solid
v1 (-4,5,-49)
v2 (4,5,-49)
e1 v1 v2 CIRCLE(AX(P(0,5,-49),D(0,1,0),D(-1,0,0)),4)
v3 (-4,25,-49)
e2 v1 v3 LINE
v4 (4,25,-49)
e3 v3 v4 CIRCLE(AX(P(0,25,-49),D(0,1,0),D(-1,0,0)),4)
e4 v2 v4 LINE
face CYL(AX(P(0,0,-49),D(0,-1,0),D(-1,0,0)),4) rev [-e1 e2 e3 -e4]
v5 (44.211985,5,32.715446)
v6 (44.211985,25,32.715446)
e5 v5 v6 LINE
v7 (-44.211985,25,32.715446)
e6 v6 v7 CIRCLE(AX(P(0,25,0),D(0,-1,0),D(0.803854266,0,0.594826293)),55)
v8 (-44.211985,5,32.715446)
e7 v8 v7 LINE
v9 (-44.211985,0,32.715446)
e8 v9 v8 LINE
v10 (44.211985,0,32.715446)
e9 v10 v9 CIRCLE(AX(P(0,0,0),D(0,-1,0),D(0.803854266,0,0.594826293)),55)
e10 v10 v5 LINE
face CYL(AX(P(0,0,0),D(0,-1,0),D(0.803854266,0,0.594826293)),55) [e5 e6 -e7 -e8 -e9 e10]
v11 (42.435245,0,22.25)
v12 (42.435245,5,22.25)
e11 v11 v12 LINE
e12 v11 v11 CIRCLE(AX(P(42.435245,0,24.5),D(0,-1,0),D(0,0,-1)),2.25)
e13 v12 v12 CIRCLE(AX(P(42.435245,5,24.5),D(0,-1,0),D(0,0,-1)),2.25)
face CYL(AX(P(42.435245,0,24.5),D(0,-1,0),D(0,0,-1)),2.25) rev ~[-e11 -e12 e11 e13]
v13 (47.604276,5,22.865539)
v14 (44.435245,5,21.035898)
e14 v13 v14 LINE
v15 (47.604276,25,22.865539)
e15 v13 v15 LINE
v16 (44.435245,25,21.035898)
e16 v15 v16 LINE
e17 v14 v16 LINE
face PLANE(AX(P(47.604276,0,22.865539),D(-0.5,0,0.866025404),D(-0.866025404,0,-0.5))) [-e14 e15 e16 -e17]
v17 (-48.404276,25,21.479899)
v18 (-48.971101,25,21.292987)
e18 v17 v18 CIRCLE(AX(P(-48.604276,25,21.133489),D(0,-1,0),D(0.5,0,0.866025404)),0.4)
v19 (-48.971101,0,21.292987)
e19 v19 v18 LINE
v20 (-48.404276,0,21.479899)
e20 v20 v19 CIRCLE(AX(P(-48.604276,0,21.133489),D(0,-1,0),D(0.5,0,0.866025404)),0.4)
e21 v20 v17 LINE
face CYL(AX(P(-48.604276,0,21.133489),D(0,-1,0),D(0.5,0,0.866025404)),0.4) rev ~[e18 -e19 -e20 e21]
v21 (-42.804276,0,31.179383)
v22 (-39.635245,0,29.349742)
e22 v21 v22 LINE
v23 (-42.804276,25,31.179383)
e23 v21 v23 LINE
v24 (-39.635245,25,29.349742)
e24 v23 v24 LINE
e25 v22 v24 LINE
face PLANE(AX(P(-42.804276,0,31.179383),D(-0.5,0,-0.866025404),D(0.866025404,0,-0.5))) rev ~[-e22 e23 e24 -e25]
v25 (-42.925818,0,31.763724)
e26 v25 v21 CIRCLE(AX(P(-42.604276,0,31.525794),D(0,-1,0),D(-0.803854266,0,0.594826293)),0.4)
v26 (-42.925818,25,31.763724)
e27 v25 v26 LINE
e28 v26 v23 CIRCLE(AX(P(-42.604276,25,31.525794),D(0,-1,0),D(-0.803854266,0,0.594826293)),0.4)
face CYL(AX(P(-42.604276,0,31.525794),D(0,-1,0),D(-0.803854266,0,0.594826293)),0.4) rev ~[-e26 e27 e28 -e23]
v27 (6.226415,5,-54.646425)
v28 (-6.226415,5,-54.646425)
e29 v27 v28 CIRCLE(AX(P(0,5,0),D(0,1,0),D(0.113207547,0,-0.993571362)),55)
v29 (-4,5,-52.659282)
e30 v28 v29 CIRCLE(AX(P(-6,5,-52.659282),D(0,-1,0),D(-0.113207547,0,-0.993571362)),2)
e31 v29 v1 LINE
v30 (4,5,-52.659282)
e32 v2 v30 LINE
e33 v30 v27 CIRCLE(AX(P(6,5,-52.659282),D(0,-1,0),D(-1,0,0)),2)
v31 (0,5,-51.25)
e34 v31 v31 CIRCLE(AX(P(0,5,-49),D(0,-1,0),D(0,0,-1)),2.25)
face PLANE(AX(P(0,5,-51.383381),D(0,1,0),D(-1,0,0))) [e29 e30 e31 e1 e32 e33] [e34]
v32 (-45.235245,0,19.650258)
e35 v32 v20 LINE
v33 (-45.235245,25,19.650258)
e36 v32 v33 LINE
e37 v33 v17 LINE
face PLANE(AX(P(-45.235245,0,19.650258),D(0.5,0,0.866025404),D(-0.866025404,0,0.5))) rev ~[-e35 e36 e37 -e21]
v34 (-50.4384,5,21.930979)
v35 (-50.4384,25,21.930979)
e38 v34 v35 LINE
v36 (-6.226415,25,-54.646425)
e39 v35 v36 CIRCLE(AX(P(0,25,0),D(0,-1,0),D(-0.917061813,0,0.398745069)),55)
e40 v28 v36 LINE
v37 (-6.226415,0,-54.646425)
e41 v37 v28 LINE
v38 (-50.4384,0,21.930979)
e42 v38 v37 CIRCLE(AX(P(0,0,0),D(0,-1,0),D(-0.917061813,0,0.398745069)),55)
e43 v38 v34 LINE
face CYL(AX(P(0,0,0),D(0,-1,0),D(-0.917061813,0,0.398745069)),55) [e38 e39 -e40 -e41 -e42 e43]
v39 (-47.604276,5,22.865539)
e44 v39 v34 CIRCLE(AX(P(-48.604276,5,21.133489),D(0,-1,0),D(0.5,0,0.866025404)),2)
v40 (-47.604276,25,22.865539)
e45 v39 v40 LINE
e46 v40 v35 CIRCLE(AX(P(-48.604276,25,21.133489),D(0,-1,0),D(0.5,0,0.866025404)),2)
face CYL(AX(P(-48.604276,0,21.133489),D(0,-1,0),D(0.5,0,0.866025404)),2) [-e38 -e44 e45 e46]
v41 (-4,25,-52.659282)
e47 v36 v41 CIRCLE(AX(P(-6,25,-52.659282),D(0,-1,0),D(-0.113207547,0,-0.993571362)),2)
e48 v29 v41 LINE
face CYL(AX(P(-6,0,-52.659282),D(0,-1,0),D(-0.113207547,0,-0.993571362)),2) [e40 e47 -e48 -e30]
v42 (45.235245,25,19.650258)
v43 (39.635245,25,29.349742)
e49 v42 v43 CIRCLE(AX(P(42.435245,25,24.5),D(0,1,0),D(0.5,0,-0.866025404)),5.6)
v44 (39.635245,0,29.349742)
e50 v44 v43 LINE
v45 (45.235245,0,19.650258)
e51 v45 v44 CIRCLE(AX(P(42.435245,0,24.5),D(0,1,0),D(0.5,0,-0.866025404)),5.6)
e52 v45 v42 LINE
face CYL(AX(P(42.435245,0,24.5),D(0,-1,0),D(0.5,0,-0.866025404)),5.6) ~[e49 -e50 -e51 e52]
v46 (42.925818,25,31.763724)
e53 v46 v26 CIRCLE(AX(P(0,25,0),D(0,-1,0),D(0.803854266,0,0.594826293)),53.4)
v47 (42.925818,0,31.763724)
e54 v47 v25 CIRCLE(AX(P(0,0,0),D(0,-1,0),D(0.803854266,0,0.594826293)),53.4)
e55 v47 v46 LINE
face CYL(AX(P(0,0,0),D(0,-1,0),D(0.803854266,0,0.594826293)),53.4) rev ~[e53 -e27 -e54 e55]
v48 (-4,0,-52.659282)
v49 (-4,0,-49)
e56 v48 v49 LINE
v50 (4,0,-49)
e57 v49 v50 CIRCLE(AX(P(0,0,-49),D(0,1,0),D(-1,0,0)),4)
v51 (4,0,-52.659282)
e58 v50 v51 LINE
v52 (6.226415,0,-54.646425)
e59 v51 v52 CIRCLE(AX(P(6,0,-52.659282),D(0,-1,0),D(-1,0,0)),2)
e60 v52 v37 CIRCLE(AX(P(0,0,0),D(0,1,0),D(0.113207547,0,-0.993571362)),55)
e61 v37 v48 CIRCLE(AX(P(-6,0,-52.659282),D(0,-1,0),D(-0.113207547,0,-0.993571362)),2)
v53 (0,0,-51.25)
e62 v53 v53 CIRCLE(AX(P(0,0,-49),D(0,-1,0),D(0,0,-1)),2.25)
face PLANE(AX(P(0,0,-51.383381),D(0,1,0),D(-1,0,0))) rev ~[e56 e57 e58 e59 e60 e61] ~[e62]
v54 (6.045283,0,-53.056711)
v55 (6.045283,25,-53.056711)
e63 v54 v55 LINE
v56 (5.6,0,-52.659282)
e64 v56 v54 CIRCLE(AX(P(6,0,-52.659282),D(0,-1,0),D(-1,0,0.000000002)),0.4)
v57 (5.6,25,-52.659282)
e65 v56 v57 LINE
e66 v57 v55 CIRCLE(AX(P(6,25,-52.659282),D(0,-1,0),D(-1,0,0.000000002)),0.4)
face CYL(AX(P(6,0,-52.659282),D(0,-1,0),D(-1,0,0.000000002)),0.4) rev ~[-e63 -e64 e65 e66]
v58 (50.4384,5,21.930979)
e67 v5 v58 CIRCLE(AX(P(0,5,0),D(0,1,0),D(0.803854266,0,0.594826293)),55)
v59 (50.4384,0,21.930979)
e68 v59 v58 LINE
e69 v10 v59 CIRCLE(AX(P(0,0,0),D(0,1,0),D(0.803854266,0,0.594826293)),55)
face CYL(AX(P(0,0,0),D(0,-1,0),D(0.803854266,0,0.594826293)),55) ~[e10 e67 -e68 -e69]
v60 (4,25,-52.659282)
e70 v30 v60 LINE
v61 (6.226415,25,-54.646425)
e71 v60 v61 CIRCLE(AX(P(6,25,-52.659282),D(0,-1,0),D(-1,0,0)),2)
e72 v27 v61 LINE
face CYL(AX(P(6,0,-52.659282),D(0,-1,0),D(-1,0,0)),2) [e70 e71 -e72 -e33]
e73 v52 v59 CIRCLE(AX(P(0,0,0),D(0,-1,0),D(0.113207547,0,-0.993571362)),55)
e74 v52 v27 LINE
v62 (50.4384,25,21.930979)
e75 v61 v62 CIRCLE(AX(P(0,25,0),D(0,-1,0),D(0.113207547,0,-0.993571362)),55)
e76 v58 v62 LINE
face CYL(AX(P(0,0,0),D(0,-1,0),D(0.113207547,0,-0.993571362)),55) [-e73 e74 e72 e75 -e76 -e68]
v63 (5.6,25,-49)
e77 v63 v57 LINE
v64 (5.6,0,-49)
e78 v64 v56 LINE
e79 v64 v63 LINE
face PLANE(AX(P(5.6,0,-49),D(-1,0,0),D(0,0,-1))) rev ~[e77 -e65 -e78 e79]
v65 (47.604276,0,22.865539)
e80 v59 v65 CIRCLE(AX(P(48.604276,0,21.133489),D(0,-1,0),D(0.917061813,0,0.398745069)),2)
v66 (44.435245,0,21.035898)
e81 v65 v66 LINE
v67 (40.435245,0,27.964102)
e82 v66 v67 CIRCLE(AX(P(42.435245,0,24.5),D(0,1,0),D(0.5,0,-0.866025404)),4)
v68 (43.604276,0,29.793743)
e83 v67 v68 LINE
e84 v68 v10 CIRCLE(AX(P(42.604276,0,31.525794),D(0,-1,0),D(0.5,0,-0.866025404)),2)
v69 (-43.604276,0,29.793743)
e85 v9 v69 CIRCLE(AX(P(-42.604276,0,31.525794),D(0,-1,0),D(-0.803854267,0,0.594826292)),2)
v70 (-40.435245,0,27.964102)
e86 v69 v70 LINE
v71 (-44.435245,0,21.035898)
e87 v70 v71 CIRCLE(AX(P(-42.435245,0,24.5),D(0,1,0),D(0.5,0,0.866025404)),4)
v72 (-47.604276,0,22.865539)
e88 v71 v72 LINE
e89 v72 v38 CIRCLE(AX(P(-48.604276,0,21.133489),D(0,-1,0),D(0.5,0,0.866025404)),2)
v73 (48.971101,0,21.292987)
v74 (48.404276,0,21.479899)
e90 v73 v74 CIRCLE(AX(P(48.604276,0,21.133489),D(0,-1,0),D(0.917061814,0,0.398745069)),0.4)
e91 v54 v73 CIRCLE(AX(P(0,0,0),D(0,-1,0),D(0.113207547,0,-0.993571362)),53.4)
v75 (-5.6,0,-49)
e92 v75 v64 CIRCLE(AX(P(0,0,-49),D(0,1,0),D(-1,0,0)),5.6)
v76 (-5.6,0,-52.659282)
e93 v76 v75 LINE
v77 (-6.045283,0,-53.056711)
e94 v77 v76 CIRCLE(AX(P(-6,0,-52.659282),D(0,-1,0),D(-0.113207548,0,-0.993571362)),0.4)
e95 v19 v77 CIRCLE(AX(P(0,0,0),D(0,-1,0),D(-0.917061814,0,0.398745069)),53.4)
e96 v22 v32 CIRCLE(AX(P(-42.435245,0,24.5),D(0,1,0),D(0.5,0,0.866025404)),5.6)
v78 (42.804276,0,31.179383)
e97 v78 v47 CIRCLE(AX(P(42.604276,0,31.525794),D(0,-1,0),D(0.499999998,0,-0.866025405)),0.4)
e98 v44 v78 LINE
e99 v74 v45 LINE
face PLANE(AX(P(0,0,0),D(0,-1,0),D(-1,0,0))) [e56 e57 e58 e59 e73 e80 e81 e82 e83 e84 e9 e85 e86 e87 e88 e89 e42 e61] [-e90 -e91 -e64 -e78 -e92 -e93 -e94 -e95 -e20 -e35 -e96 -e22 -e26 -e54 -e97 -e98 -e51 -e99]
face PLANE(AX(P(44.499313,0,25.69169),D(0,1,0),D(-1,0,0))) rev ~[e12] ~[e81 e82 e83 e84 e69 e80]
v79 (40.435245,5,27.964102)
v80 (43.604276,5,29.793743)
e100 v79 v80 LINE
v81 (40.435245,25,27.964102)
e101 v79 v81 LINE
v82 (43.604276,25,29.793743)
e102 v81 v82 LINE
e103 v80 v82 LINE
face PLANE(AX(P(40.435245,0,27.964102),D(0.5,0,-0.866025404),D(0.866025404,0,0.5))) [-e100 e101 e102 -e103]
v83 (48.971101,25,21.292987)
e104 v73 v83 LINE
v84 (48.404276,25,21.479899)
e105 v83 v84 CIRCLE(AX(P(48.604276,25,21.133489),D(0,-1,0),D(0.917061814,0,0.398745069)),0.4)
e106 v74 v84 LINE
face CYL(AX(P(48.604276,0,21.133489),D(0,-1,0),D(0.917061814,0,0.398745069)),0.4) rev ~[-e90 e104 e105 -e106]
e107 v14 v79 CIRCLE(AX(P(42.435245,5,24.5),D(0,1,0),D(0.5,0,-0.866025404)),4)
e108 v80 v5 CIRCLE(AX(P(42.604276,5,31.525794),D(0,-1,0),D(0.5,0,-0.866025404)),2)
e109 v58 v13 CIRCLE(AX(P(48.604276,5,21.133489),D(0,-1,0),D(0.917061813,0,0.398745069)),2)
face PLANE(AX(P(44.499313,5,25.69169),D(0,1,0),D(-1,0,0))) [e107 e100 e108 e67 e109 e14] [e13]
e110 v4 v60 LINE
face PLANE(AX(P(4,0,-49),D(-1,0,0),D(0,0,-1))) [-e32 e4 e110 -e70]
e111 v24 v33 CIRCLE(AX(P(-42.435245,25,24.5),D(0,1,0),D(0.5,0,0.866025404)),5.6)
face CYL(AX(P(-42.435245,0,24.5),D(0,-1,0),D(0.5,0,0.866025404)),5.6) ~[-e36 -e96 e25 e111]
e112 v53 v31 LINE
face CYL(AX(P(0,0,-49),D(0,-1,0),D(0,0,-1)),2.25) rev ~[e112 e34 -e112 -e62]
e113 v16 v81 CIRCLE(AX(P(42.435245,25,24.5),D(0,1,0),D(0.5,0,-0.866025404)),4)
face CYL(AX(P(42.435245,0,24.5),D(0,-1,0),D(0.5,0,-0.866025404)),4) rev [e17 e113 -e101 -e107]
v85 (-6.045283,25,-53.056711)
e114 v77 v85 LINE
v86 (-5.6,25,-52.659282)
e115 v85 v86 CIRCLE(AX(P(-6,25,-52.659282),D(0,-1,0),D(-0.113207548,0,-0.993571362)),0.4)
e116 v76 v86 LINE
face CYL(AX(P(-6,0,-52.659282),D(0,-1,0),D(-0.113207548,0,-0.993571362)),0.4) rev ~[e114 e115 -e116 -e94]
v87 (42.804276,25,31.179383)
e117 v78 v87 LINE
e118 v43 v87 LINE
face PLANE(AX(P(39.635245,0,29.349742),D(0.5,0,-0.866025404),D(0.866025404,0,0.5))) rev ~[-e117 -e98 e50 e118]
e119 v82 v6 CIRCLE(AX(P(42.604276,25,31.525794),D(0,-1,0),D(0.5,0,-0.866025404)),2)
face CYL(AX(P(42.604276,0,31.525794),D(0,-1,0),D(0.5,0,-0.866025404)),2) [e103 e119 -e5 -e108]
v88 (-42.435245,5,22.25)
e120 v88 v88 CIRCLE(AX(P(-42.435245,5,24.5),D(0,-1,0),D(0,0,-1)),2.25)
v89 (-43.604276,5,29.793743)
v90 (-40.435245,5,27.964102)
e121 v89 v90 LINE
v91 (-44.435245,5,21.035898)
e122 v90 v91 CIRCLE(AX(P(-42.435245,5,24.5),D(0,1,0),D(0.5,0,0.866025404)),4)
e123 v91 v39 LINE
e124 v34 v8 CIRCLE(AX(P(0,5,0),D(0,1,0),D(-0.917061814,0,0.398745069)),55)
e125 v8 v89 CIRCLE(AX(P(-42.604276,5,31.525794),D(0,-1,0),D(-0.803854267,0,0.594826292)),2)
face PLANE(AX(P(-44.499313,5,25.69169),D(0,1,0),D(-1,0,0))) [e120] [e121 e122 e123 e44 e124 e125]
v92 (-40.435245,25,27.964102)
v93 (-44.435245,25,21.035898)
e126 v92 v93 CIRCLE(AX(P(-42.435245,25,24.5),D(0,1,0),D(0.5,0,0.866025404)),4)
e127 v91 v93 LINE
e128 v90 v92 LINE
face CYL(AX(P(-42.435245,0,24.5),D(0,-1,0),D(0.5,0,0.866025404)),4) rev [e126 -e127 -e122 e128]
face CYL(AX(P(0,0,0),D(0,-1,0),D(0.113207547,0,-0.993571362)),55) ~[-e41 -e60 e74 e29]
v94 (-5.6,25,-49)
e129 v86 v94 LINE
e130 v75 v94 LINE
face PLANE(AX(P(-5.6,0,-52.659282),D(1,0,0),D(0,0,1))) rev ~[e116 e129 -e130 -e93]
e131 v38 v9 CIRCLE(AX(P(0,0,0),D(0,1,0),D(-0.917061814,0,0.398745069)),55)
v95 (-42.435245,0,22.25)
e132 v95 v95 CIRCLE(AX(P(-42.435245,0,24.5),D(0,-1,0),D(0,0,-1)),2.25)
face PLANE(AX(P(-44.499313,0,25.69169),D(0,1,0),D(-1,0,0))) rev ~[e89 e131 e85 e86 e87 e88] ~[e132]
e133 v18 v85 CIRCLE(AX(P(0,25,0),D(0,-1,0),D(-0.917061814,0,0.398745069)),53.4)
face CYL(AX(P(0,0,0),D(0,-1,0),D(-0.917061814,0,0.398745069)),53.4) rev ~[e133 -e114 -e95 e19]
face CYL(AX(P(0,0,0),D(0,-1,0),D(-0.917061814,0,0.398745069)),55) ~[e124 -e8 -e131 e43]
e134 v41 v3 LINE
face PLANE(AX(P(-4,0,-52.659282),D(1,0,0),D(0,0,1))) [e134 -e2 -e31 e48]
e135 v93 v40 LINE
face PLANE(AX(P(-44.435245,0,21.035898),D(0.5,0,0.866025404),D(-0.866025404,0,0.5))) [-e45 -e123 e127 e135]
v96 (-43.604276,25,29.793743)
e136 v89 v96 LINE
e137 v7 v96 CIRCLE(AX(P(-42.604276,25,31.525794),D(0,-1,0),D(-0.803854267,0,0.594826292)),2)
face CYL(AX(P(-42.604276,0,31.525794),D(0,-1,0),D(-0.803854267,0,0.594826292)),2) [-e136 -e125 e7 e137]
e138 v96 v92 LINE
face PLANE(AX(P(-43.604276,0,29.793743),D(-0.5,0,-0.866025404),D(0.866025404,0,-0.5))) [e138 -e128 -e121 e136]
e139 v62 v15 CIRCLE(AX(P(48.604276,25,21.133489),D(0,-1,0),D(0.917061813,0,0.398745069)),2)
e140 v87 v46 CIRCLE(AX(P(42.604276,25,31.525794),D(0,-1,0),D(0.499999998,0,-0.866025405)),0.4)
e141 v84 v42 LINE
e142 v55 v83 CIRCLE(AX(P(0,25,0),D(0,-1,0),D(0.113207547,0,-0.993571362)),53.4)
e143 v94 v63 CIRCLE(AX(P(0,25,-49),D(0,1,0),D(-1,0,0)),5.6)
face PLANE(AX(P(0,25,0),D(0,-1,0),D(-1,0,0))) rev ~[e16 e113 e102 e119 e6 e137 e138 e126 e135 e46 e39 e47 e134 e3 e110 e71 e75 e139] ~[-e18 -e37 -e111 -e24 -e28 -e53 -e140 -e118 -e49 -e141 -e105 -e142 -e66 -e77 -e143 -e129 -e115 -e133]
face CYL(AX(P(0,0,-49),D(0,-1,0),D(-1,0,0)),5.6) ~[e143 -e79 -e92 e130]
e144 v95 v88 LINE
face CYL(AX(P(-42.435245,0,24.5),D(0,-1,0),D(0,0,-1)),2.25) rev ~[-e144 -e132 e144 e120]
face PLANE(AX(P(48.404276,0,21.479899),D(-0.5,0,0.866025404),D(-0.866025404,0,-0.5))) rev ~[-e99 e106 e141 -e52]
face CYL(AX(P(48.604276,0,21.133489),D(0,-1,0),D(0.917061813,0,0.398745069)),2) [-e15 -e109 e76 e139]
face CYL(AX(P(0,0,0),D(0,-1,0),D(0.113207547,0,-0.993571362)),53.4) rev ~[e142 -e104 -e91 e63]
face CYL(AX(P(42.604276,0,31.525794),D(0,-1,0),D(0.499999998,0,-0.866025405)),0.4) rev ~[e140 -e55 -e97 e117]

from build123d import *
from build123d.topology import SkipClean

# Parameters (mm, degrees)
EXTRUDE_THIN1_DEPTH = 25
SKETCH3_R           = 2.25
BOSS_EXTRUDE1_DEPTH = 5


with BuildPart() as part:
    # Sketch2 → Extrude-Thin1 (new body)
    with BuildSketch(Plane(origin=(0, 0, 0), x_dir=(1, 0, 0), z_dir=(0, 1, 0))):
        with BuildLine():
            Line((-4, 52.659282183), (-4, 49))
            ThreePointArc((-4, 49), (0, 45), (4, 49))
            Line((4, 49), (4, 52.659282183))
            ThreePointArc((4, 52.659282183), (4.668239922, 54.151399837), (6.226415094, 54.646424907))
            ThreePointArc((6.226415094, 54.646424907), (47.631397208, 27.5), (50.438399742, -21.930978807))
            ThreePointArc((50.438399742, -21.930978807), (49.23060787, -23.032885555), (47.604276115, -22.865539476))
            Line((47.604276115, -22.865539476), (44.435244785, -21.035898385))
            ThreePointArc((44.435244785, -21.035898385), (38.97114317, -22.5), (40.435244785, -27.964101615))
            Line((40.435244785, -27.964101615), (43.604276115, -29.793742707))
            ThreePointArc((43.604276115, -29.793742707), (44.562367948, -31.118514282), (44.211984648, -32.7154461))
            ThreePointArc((44.211984648, -32.7154461), (0, -55), (-44.211984648, -32.715446099))
            ThreePointArc((-44.211984648, -32.715446099), (-44.562367948, -31.118514282), (-43.604276115, -29.793742706))
            Line((-43.604276115, -29.793742706), (-40.435244785, -27.964101615))
            ThreePointArc((-40.435244785, -27.964101615), (-38.97114317, -22.5), (-44.435244785, -21.035898385))
            Line((-44.435244785, -21.035898385), (-47.604276115, -22.865539476))
            ThreePointArc((-47.604276115, -22.865539476), (-49.23060787, -23.032885555), (-50.438399742, -21.930978807))
            ThreePointArc((-50.438399742, -21.930978807), (-47.631397208, 27.5), (-6.226415094, 54.646424907))
            ThreePointArc((-6.226415094, 54.646424907), (-4.668239922, 54.151399837), (-4, 52.659282183))
        make_face()
        with BuildLine():
            Line((-5.6, 52.659282183), (-5.6, 49))
            ThreePointArc((-5.6, 49), (0, 43.4), (5.6, 49))
            Line((5.6, 49), (5.6, 52.659282183))
            ThreePointArc((5.6, 52.659282183), (5.733647984, 52.957705714), (6.045283019, 53.056710728))
            ThreePointArc((6.045283019, 53.056710728), (46.245756562, 26.7), (48.971100841, -21.292986696))
            ThreePointArc((48.971100841, -21.292986696), (48.729542466, -21.513368046), (48.404276115, -21.47989883))
            Line((48.404276115, -21.47989883), (45.235244785, -19.650257739))
            ThreePointArc((45.235244785, -19.650257739), (37.585502524, -21.7), (39.635244785, -29.349742261))
            Line((39.635244785, -29.349742261), (42.804276115, -31.179383353))
            ThreePointArc((42.804276115, -31.179383353), (42.995894482, -31.444337668), (42.925817822, -31.763724031))
            ThreePointArc((42.925817822, -31.763724031), (0, -53.4), (-42.925817822, -31.763724031))
            ThreePointArc((-42.925817822, -31.763724031), (-42.995894482, -31.444337668), (-42.804276115, -31.179383353))
            Line((-42.804276115, -31.179383353), (-39.635244785, -29.349742261))
            ThreePointArc((-39.635244785, -29.349742261), (-37.585502524, -21.7), (-45.235244785, -19.650257739))
            Line((-45.235244785, -19.650257739), (-48.404276115, -21.47989883))
            ThreePointArc((-48.404276115, -21.47989883), (-48.729542466, -21.513368046), (-48.971100841, -21.292986696))
            ThreePointArc((-48.971100841, -21.292986696), (-46.245756562, 26.7), (-6.045283019, 53.056710728))
            ThreePointArc((-6.045283019, 53.056710728), (-5.733647984, 52.957705714), (-5.6, 52.659282183))
        make_face(mode=Mode.SUBTRACT)
    extrude(amount=EXTRUDE_THIN1_DEPTH)

    # Sketch3 → Boss-Extrude1 (add)
    # profile 1 of 3: a face of its own
    with SkipClean():  # the faces are left unmerged after this step: merging them gives an invalid solid
        with BuildSketch(Plane.XZ):
            with BuildLine():
                Line((-43.604276115, 29.793742706), (-40.435244785, 27.964101615))
                ThreePointArc((-40.435244785, 27.964101615), (-38.97114317, 22.5), (-44.435244785, 21.035898385))
                Line((-44.435244785, 21.035898385), (-47.604276115, 22.865539476))
                ThreePointArc((-47.604276115, 22.865539476), (-49.23060787, 23.032885555), (-50.438399742, 21.930978807))
                ThreePointArc((-50.438399742, 21.930978807), (-47.631397208, 27.5), (-44.211984648, 32.715446099))
                ThreePointArc((-44.211984648, 32.715446099), (-44.562367948, 31.118514282), (-43.604276115, 29.793742706))
            make_face()
            with Locations(Location((-42.435244785, 24.5, 0), (0, 0, 270))):
                Circle(SKETCH3_R, mode=Mode.SUBTRACT)
        # profile 2 of 3: a face of its own
        with BuildSketch(Plane.XZ):
            with BuildLine():
                Line((-4, -52.659282183), (-4, -49))
                ThreePointArc((-4, -49), (0, -45), (4, -49))
                Line((4, -49), (4, -52.659282183))
                ThreePointArc((4, -52.659282183), (4.668239922, -54.151399837), (6.226415094, -54.646424907))
                ThreePointArc((6.226415094, -54.646424907), (0, -55), (-6.226415094, -54.646424907))
                ThreePointArc((-6.226415094, -54.646424907), (-4.668239922, -54.151399837), (-4, -52.659282183))
            make_face()
            with Locations(Location((0, -49, 0), (0, 0, 270))):
                Circle(SKETCH3_R, mode=Mode.SUBTRACT)
        # profile 3 of 3: a face of its own
        with BuildSketch(Plane.XZ):
            with BuildLine():
                Line((47.604276115, 22.865539476), (44.435244785, 21.035898385))
                ThreePointArc((44.435244785, 21.035898385), (38.97114317, 22.5), (40.435244785, 27.964101615))
                Line((40.435244785, 27.964101615), (43.604276115, 29.793742707))
                ThreePointArc((43.604276115, 29.793742707), (44.562367948, 31.118514282), (44.211984648, 32.7154461))
                ThreePointArc((44.211984648, 32.7154461), (47.631397208, 27.5), (50.438399742, 21.930978807))
                ThreePointArc((50.438399742, 21.930978807), (49.23060787, 23.032885555), (47.604276115, 22.865539476))
            make_face()
            with Locations(Location((42.435244785, 24.5, 0), (0, 0, 270))):
                Circle(SKETCH3_R, mode=Mode.SUBTRACT)
        extrude(amount=-BOSS_EXTRUDE1_DEPTH)


solid = part.part
